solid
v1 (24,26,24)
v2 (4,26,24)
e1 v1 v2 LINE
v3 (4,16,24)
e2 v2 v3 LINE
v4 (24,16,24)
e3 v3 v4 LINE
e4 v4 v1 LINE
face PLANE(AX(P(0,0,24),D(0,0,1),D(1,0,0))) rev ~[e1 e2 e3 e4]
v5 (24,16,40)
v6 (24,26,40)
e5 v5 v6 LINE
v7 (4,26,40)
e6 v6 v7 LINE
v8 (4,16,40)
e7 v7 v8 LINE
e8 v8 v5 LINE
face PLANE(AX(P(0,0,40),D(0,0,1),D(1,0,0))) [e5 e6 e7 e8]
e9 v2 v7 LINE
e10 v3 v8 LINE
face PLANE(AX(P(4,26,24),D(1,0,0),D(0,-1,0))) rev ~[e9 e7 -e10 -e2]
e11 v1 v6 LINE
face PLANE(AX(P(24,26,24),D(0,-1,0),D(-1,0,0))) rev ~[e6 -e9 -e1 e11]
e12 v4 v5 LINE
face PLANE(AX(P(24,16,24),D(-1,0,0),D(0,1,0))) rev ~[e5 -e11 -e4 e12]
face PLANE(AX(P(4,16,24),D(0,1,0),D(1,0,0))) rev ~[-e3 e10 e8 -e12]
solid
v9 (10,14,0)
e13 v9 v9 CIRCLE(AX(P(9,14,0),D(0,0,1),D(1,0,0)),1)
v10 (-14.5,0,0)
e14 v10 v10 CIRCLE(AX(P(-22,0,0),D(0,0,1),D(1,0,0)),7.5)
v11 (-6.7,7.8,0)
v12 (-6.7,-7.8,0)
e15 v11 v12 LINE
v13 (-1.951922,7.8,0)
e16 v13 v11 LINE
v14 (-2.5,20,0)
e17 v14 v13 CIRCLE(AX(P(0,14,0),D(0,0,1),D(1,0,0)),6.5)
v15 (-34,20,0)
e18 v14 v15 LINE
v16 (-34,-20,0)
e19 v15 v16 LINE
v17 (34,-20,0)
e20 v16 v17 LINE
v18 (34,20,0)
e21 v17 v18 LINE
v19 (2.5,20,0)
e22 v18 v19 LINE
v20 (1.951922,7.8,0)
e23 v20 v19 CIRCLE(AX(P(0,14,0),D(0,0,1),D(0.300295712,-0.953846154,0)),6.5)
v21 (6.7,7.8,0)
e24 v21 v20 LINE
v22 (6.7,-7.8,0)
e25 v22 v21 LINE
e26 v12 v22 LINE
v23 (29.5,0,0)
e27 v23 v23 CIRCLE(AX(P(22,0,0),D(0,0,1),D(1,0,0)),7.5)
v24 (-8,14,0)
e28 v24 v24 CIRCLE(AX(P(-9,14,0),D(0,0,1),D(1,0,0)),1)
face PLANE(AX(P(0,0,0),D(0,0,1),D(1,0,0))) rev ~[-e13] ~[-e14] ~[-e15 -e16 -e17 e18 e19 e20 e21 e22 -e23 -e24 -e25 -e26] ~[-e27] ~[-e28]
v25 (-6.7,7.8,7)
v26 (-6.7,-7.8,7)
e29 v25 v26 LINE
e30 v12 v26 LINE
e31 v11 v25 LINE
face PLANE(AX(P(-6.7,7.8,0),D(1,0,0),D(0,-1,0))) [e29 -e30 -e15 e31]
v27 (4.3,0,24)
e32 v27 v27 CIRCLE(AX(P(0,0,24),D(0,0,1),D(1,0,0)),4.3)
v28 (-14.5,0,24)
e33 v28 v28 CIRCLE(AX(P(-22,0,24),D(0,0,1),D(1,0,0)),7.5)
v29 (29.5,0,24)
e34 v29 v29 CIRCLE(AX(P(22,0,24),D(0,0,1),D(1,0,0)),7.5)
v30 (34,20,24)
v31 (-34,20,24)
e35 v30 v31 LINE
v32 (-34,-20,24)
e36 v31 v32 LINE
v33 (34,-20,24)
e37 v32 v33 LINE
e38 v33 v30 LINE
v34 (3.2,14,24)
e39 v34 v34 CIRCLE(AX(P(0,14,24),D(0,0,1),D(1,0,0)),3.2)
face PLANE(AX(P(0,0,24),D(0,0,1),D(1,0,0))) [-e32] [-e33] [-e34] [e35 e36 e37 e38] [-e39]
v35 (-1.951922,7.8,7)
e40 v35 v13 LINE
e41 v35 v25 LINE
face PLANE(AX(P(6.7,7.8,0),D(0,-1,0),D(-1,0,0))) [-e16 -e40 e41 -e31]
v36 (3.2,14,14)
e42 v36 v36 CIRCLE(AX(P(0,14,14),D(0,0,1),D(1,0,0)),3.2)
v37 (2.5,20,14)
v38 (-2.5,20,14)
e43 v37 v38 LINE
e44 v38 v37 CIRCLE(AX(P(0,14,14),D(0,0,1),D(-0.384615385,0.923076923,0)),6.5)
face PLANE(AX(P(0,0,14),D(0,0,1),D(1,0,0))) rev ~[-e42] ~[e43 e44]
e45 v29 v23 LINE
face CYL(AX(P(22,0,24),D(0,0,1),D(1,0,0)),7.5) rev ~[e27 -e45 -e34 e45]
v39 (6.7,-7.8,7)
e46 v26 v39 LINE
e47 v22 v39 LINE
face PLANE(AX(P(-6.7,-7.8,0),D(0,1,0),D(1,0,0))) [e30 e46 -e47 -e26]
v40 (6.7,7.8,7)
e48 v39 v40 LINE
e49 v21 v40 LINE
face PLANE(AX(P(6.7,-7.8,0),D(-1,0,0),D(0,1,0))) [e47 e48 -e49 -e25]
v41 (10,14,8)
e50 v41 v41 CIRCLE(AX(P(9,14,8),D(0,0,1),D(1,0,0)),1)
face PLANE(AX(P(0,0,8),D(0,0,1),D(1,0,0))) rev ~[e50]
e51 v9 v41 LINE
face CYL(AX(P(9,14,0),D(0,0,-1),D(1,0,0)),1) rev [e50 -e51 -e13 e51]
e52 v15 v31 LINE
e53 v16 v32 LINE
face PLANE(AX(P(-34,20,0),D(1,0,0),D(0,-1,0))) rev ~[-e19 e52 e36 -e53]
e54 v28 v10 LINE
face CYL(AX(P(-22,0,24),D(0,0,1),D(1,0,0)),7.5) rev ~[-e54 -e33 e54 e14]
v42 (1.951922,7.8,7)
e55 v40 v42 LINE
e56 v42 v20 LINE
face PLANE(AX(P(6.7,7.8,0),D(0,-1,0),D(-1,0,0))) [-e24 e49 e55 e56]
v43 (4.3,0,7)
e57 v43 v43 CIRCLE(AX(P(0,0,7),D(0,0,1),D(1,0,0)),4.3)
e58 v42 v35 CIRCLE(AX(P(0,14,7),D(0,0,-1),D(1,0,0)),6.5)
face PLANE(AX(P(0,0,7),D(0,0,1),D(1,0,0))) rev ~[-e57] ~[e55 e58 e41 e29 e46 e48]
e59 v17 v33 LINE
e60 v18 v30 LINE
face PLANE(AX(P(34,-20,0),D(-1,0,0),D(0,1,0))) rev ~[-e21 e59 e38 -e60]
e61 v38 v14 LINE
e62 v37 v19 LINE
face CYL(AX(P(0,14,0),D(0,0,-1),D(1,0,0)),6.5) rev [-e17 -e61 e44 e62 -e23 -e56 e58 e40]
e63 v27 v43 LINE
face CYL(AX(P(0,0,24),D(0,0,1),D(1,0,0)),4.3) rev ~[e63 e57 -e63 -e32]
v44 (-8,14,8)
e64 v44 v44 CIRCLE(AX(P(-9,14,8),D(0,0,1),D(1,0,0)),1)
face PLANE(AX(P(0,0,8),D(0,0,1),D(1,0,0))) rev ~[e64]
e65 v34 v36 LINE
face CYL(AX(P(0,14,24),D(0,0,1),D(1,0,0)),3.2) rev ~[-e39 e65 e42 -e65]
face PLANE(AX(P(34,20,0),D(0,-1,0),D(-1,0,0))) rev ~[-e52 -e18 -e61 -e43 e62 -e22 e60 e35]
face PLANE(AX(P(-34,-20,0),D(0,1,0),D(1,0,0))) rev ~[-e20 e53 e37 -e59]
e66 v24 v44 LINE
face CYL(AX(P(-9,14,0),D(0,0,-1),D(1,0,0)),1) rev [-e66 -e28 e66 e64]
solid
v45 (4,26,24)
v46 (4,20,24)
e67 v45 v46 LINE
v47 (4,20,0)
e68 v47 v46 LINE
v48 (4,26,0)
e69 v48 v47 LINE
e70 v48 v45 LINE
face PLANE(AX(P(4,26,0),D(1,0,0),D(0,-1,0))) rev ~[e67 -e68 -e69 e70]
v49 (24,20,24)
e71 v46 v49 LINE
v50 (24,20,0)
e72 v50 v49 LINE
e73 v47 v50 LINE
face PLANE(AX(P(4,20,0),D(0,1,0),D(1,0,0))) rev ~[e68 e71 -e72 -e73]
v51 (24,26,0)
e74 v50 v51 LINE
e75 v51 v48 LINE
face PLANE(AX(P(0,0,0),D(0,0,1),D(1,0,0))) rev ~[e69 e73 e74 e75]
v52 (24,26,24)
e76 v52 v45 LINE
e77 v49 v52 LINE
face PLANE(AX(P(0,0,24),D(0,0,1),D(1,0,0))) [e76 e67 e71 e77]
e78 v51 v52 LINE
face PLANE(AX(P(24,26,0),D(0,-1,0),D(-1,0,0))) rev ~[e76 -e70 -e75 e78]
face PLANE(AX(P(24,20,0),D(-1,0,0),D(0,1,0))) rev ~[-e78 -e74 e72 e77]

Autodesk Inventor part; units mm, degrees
ref_plane "YZ Plane" through (0, 0, 0) normal (1, 0, 0) x (0, 1, 0)
sketch "Skizze1" plane through (0, 0, 0) normal (0, 0, 1) x (1, 0, 0)
  line L0 (-34, -20) -> (34, -20)
  line L1 (34, -20) -> (34, 20)
  line L2 (34, 20) -> (-34, 20)
  line L3 (-34, 20) -> (-34, -20)
extrude "Extrusion1" add sketch "Skizze1" along normal blind 24
sketch "Skizze2" plane through (0, 0, 0) normal (0, 0, 1) x (1, 0, 0)
  line L0 (4, 20) -> (24, 20)
  line L1 (24, 20) -> (24, 26)
  line L2 (24, 26) -> (4, 26)
  line L3 (4, 26) -> (4, 20)
extrude "Extrusion2" add sketch "Skizze2" along normal blind 24 separate body
ref_plane "Arbeitsebene1" through (0, 0, 24) normal (0, 0, 1) x (1, 0, 0)
sketch "Skizze3" plane through (0, 0, 24) normal (0, 0, 1) x (1, 0, 0)
  line L0 (4, 16) -> (24, 16)
  line L1 (24, 16) -> (24, 26)
  line L2 (24, 26) -> (4, 26)
  line L3 (4, 26) -> (4, 16)
extrude "Extrusion3" add sketch "Skizze3" along normal blind 16 separate body
sketch "Skizze4" plane through (0, 0, 24) normal (0, 0, 1) x (1, 0, 0)
  circle A0 centre (-22, 0) radius 7.5
extrude "Extrusion4" cut sketch "Skizze4" against normal blind 24.2 bodies 1
sketch "Skizze5" plane through (0, 0, 24) normal (0, 0, 1) x (1, 0, 0)
  circle A0 centre (22, 0) radius 7.5
extrude "Extrusion5" cut sketch "Skizze5" against normal blind 24.2 bodies 1
sketch "Skizze6" plane through (0, 0, 24) normal (0, 0, 1) x (1, 0, 0)
  circle A0 centre (0, 0) radius 4.3
extrude "Extrusion6" cut sketch "Skizze6" against normal blind 24.2 bodies 1
sketch "Skizze7" plane through (0, 0, 24) normal (0, 0, 1) x (1, 0, 0)
  circle A0 centre (0, 14) radius 3.2
extrude "Extrusion7" cut sketch "Skizze7" against normal blind 24.2 bodies 1
sketch "Skizze8" plane through (0, 0, 0) normal (0, 0, 1) x (1, 0, 0)
  line L0 (-6.7, -7.8) -> (6.7, -7.8)
  line L1 (6.7, -7.8) -> (6.7, 7.8)
  line L2 (6.7, 7.8) -> (-6.7, 7.8)
  line L3 (-6.7, 7.8) -> (-6.7, -7.8)
extrude "Extrusion8" cut sketch "Skizze8" along normal blind 7 bodies 1
sketch "Skizze9" plane through (0, 0, 0) normal (0, 0, 1) x (1, 0, 0)
  circle A0 centre (0, 14) radius 6.5
extrude "Extrusion9" cut sketch "Skizze9" along normal blind 14 bodies 1
sketch "Skizze10" plane through (0, 0, 0) normal (0, 0, 1) x (1, 0, 0)
  circle A0 centre (-9, 14) radius 1
extrude "Extrusion10" cut sketch "Skizze10" along normal blind 8 bodies 1
sketch "Skizze11" plane through (0, 0, 0) normal (0, 0, 1) x (1, 0, 0)
  circle A0 centre (9, 14) radius 1
extrude "Extrusion11" cut sketch "Skizze11" along normal blind 8 bodies 1
ref_plane "Arbeitsebene2" through (0, 16, 0) normal (0, 1, 0) x (-1, 0, 0)
sketch "Skizze12" plane through (0, 16, 0) normal (0, 1, 0) x (-1, 0, 0)
  circle A0 centre (9, 34) radius 1.2
extrude "Extrusion12" cut sketch "Skizze12" along normal blind 10.2 bodies 1
sketch "Skizze13" plane through (0, 16, 0) normal (0, 1, 0) x (-1, 0, 0)
  circle A0 centre (18.5, 34) radius 1.2
extrude "Extrusion13" cut sketch "Skizze13" along normal blind 10.2 bodies 1
properties part number "Taster_Schlitten_M8"
